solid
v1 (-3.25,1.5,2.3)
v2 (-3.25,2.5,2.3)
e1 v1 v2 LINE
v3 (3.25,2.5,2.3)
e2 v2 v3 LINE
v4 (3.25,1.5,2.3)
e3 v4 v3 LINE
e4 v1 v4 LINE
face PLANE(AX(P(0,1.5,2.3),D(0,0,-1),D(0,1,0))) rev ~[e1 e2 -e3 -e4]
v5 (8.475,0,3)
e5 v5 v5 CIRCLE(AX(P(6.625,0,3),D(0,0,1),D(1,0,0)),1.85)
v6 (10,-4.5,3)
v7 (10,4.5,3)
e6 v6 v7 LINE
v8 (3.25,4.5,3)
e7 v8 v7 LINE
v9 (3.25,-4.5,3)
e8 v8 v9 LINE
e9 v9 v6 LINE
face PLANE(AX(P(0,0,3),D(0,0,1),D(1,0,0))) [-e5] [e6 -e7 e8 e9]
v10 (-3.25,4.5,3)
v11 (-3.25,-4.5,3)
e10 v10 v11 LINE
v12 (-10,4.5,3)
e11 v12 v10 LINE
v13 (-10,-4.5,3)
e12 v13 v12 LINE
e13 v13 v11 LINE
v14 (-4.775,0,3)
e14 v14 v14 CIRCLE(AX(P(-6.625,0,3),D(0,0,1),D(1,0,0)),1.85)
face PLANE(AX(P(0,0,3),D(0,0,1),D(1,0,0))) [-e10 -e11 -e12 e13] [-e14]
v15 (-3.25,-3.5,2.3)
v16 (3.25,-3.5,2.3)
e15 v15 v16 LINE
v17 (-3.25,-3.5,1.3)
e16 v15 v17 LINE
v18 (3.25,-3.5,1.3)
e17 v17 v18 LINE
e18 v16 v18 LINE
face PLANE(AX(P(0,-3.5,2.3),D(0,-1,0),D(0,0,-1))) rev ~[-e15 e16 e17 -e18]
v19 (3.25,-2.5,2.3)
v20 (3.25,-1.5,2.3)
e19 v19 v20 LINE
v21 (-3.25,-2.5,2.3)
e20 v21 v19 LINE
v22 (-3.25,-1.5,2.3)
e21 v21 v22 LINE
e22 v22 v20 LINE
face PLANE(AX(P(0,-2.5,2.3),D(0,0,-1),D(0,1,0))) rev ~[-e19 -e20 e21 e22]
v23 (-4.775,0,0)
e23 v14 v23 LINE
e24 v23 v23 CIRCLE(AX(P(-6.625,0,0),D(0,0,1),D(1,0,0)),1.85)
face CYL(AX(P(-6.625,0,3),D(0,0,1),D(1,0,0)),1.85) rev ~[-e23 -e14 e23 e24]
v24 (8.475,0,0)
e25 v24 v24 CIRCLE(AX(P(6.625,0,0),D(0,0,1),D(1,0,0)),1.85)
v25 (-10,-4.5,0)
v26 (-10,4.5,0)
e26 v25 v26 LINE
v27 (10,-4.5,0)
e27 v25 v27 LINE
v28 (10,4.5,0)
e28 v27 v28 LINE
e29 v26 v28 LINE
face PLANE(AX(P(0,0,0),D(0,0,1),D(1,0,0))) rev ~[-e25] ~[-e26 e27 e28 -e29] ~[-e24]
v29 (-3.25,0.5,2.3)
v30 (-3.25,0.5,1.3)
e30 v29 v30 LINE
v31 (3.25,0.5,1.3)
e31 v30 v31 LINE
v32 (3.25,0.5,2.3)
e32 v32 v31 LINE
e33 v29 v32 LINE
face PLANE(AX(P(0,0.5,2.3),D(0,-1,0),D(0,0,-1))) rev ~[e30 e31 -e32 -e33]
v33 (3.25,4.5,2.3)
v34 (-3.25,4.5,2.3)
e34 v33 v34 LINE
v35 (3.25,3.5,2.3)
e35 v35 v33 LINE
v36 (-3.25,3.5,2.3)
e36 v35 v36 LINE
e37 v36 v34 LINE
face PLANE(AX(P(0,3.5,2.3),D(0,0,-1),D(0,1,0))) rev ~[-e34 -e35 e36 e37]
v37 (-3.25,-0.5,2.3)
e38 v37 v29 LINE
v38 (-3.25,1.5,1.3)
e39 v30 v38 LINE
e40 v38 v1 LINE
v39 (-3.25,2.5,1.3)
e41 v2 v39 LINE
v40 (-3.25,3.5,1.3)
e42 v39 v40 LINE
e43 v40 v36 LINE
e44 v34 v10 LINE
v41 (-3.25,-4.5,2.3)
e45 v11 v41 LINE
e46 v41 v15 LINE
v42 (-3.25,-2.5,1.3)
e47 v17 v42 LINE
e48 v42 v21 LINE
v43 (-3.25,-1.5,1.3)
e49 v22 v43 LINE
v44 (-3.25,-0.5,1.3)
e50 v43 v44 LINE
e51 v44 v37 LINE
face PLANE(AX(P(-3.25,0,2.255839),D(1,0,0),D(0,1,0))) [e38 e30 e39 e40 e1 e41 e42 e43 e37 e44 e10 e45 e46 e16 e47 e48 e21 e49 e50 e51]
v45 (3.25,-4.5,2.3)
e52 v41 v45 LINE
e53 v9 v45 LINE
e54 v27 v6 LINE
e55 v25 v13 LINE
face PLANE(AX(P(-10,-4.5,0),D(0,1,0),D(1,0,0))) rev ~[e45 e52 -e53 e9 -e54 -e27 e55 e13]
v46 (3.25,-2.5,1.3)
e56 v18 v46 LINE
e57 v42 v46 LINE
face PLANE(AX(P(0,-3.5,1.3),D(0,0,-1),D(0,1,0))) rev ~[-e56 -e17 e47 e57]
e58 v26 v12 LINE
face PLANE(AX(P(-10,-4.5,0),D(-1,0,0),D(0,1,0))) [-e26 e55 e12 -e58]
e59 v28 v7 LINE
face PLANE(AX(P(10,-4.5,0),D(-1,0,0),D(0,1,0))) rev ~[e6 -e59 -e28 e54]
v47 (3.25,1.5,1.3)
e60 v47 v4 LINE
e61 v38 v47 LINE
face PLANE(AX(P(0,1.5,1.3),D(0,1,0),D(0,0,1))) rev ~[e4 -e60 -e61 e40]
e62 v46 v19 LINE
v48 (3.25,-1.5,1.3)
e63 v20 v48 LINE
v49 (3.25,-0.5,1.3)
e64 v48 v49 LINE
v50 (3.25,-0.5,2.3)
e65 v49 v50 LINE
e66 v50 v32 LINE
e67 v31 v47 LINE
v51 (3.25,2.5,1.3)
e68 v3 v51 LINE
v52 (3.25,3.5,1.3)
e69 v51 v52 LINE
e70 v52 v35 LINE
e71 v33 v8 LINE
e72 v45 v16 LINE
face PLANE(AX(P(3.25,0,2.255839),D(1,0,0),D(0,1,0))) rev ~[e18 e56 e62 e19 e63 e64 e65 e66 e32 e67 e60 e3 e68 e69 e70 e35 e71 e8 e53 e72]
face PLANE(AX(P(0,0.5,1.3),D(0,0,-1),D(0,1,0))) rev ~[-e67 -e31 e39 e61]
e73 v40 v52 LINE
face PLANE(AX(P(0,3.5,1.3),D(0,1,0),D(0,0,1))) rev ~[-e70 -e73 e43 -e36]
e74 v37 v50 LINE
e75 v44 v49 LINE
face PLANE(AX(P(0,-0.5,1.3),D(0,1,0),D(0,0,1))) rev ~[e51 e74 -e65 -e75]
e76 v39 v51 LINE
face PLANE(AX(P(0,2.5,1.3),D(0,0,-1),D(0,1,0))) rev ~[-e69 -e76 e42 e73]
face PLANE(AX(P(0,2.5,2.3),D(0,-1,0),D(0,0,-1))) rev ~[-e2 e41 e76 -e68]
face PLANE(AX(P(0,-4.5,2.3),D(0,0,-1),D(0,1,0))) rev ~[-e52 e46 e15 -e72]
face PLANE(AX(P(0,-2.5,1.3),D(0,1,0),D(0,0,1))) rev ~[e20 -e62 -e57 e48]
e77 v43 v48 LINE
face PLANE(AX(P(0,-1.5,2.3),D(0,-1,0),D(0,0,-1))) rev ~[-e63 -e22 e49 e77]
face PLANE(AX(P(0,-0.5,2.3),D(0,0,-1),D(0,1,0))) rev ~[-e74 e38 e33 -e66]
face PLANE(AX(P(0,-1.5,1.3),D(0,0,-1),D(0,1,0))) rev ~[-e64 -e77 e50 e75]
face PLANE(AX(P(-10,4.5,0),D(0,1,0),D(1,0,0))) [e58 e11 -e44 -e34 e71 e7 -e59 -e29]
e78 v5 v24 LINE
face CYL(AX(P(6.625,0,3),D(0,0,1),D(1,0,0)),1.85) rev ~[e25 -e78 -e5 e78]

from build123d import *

# Parameters (mm, degrees)
F0_W     = 20
F0_H     = 9
F1_DEPTH = 3
F3_DEPTH = 3.25
F4_R     = 1.85
F5_DEPTH = 25


with BuildPart() as f1:
    # F0 (on Top) → F1 (new body)
    with BuildSketch(Plane.XY):
        Rectangle(F0_W, F0_H)
    extrude(amount=F1_DEPTH)

    # F2 (on Right) → F3 (cut, symmetric)
    with BuildSketch(Plane.YZ):
        Polygon((4.5, 3), (0, 3), (-4.5, 3), (-4.5, 2.3), (-3.5, 2.3), (-3.5, 1.3), (-2.5, 1.3), (-2.5, 2.3), (-1.5, 2.3), (-1.5, 1.3), (-0.5, 1.3), (-0.5, 2.3), (0, 2.3), (0.5, 2.3), (0.5, 1.3), (1.5, 1.3), (1.5, 2.3), (2.5, 2.3), (2.5, 1.3), (3.5, 1.3), (3.5, 2.3), (4.5, 2.3), align=None)
    extrude(amount=F3_DEPTH, both=True, mode=Mode.SUBTRACT)

    # F4 (on face) → F5 (cut)
    with BuildSketch(Plane.XY.offset(3)):
        with Locations((-6.625, 0)):
            Circle(F4_R)
        with Locations((6.625, 0)):
            Circle(F4_R)
    extrude(amount=-F5_DEPTH, mode=Mode.SUBTRACT)


solid = f1.part
